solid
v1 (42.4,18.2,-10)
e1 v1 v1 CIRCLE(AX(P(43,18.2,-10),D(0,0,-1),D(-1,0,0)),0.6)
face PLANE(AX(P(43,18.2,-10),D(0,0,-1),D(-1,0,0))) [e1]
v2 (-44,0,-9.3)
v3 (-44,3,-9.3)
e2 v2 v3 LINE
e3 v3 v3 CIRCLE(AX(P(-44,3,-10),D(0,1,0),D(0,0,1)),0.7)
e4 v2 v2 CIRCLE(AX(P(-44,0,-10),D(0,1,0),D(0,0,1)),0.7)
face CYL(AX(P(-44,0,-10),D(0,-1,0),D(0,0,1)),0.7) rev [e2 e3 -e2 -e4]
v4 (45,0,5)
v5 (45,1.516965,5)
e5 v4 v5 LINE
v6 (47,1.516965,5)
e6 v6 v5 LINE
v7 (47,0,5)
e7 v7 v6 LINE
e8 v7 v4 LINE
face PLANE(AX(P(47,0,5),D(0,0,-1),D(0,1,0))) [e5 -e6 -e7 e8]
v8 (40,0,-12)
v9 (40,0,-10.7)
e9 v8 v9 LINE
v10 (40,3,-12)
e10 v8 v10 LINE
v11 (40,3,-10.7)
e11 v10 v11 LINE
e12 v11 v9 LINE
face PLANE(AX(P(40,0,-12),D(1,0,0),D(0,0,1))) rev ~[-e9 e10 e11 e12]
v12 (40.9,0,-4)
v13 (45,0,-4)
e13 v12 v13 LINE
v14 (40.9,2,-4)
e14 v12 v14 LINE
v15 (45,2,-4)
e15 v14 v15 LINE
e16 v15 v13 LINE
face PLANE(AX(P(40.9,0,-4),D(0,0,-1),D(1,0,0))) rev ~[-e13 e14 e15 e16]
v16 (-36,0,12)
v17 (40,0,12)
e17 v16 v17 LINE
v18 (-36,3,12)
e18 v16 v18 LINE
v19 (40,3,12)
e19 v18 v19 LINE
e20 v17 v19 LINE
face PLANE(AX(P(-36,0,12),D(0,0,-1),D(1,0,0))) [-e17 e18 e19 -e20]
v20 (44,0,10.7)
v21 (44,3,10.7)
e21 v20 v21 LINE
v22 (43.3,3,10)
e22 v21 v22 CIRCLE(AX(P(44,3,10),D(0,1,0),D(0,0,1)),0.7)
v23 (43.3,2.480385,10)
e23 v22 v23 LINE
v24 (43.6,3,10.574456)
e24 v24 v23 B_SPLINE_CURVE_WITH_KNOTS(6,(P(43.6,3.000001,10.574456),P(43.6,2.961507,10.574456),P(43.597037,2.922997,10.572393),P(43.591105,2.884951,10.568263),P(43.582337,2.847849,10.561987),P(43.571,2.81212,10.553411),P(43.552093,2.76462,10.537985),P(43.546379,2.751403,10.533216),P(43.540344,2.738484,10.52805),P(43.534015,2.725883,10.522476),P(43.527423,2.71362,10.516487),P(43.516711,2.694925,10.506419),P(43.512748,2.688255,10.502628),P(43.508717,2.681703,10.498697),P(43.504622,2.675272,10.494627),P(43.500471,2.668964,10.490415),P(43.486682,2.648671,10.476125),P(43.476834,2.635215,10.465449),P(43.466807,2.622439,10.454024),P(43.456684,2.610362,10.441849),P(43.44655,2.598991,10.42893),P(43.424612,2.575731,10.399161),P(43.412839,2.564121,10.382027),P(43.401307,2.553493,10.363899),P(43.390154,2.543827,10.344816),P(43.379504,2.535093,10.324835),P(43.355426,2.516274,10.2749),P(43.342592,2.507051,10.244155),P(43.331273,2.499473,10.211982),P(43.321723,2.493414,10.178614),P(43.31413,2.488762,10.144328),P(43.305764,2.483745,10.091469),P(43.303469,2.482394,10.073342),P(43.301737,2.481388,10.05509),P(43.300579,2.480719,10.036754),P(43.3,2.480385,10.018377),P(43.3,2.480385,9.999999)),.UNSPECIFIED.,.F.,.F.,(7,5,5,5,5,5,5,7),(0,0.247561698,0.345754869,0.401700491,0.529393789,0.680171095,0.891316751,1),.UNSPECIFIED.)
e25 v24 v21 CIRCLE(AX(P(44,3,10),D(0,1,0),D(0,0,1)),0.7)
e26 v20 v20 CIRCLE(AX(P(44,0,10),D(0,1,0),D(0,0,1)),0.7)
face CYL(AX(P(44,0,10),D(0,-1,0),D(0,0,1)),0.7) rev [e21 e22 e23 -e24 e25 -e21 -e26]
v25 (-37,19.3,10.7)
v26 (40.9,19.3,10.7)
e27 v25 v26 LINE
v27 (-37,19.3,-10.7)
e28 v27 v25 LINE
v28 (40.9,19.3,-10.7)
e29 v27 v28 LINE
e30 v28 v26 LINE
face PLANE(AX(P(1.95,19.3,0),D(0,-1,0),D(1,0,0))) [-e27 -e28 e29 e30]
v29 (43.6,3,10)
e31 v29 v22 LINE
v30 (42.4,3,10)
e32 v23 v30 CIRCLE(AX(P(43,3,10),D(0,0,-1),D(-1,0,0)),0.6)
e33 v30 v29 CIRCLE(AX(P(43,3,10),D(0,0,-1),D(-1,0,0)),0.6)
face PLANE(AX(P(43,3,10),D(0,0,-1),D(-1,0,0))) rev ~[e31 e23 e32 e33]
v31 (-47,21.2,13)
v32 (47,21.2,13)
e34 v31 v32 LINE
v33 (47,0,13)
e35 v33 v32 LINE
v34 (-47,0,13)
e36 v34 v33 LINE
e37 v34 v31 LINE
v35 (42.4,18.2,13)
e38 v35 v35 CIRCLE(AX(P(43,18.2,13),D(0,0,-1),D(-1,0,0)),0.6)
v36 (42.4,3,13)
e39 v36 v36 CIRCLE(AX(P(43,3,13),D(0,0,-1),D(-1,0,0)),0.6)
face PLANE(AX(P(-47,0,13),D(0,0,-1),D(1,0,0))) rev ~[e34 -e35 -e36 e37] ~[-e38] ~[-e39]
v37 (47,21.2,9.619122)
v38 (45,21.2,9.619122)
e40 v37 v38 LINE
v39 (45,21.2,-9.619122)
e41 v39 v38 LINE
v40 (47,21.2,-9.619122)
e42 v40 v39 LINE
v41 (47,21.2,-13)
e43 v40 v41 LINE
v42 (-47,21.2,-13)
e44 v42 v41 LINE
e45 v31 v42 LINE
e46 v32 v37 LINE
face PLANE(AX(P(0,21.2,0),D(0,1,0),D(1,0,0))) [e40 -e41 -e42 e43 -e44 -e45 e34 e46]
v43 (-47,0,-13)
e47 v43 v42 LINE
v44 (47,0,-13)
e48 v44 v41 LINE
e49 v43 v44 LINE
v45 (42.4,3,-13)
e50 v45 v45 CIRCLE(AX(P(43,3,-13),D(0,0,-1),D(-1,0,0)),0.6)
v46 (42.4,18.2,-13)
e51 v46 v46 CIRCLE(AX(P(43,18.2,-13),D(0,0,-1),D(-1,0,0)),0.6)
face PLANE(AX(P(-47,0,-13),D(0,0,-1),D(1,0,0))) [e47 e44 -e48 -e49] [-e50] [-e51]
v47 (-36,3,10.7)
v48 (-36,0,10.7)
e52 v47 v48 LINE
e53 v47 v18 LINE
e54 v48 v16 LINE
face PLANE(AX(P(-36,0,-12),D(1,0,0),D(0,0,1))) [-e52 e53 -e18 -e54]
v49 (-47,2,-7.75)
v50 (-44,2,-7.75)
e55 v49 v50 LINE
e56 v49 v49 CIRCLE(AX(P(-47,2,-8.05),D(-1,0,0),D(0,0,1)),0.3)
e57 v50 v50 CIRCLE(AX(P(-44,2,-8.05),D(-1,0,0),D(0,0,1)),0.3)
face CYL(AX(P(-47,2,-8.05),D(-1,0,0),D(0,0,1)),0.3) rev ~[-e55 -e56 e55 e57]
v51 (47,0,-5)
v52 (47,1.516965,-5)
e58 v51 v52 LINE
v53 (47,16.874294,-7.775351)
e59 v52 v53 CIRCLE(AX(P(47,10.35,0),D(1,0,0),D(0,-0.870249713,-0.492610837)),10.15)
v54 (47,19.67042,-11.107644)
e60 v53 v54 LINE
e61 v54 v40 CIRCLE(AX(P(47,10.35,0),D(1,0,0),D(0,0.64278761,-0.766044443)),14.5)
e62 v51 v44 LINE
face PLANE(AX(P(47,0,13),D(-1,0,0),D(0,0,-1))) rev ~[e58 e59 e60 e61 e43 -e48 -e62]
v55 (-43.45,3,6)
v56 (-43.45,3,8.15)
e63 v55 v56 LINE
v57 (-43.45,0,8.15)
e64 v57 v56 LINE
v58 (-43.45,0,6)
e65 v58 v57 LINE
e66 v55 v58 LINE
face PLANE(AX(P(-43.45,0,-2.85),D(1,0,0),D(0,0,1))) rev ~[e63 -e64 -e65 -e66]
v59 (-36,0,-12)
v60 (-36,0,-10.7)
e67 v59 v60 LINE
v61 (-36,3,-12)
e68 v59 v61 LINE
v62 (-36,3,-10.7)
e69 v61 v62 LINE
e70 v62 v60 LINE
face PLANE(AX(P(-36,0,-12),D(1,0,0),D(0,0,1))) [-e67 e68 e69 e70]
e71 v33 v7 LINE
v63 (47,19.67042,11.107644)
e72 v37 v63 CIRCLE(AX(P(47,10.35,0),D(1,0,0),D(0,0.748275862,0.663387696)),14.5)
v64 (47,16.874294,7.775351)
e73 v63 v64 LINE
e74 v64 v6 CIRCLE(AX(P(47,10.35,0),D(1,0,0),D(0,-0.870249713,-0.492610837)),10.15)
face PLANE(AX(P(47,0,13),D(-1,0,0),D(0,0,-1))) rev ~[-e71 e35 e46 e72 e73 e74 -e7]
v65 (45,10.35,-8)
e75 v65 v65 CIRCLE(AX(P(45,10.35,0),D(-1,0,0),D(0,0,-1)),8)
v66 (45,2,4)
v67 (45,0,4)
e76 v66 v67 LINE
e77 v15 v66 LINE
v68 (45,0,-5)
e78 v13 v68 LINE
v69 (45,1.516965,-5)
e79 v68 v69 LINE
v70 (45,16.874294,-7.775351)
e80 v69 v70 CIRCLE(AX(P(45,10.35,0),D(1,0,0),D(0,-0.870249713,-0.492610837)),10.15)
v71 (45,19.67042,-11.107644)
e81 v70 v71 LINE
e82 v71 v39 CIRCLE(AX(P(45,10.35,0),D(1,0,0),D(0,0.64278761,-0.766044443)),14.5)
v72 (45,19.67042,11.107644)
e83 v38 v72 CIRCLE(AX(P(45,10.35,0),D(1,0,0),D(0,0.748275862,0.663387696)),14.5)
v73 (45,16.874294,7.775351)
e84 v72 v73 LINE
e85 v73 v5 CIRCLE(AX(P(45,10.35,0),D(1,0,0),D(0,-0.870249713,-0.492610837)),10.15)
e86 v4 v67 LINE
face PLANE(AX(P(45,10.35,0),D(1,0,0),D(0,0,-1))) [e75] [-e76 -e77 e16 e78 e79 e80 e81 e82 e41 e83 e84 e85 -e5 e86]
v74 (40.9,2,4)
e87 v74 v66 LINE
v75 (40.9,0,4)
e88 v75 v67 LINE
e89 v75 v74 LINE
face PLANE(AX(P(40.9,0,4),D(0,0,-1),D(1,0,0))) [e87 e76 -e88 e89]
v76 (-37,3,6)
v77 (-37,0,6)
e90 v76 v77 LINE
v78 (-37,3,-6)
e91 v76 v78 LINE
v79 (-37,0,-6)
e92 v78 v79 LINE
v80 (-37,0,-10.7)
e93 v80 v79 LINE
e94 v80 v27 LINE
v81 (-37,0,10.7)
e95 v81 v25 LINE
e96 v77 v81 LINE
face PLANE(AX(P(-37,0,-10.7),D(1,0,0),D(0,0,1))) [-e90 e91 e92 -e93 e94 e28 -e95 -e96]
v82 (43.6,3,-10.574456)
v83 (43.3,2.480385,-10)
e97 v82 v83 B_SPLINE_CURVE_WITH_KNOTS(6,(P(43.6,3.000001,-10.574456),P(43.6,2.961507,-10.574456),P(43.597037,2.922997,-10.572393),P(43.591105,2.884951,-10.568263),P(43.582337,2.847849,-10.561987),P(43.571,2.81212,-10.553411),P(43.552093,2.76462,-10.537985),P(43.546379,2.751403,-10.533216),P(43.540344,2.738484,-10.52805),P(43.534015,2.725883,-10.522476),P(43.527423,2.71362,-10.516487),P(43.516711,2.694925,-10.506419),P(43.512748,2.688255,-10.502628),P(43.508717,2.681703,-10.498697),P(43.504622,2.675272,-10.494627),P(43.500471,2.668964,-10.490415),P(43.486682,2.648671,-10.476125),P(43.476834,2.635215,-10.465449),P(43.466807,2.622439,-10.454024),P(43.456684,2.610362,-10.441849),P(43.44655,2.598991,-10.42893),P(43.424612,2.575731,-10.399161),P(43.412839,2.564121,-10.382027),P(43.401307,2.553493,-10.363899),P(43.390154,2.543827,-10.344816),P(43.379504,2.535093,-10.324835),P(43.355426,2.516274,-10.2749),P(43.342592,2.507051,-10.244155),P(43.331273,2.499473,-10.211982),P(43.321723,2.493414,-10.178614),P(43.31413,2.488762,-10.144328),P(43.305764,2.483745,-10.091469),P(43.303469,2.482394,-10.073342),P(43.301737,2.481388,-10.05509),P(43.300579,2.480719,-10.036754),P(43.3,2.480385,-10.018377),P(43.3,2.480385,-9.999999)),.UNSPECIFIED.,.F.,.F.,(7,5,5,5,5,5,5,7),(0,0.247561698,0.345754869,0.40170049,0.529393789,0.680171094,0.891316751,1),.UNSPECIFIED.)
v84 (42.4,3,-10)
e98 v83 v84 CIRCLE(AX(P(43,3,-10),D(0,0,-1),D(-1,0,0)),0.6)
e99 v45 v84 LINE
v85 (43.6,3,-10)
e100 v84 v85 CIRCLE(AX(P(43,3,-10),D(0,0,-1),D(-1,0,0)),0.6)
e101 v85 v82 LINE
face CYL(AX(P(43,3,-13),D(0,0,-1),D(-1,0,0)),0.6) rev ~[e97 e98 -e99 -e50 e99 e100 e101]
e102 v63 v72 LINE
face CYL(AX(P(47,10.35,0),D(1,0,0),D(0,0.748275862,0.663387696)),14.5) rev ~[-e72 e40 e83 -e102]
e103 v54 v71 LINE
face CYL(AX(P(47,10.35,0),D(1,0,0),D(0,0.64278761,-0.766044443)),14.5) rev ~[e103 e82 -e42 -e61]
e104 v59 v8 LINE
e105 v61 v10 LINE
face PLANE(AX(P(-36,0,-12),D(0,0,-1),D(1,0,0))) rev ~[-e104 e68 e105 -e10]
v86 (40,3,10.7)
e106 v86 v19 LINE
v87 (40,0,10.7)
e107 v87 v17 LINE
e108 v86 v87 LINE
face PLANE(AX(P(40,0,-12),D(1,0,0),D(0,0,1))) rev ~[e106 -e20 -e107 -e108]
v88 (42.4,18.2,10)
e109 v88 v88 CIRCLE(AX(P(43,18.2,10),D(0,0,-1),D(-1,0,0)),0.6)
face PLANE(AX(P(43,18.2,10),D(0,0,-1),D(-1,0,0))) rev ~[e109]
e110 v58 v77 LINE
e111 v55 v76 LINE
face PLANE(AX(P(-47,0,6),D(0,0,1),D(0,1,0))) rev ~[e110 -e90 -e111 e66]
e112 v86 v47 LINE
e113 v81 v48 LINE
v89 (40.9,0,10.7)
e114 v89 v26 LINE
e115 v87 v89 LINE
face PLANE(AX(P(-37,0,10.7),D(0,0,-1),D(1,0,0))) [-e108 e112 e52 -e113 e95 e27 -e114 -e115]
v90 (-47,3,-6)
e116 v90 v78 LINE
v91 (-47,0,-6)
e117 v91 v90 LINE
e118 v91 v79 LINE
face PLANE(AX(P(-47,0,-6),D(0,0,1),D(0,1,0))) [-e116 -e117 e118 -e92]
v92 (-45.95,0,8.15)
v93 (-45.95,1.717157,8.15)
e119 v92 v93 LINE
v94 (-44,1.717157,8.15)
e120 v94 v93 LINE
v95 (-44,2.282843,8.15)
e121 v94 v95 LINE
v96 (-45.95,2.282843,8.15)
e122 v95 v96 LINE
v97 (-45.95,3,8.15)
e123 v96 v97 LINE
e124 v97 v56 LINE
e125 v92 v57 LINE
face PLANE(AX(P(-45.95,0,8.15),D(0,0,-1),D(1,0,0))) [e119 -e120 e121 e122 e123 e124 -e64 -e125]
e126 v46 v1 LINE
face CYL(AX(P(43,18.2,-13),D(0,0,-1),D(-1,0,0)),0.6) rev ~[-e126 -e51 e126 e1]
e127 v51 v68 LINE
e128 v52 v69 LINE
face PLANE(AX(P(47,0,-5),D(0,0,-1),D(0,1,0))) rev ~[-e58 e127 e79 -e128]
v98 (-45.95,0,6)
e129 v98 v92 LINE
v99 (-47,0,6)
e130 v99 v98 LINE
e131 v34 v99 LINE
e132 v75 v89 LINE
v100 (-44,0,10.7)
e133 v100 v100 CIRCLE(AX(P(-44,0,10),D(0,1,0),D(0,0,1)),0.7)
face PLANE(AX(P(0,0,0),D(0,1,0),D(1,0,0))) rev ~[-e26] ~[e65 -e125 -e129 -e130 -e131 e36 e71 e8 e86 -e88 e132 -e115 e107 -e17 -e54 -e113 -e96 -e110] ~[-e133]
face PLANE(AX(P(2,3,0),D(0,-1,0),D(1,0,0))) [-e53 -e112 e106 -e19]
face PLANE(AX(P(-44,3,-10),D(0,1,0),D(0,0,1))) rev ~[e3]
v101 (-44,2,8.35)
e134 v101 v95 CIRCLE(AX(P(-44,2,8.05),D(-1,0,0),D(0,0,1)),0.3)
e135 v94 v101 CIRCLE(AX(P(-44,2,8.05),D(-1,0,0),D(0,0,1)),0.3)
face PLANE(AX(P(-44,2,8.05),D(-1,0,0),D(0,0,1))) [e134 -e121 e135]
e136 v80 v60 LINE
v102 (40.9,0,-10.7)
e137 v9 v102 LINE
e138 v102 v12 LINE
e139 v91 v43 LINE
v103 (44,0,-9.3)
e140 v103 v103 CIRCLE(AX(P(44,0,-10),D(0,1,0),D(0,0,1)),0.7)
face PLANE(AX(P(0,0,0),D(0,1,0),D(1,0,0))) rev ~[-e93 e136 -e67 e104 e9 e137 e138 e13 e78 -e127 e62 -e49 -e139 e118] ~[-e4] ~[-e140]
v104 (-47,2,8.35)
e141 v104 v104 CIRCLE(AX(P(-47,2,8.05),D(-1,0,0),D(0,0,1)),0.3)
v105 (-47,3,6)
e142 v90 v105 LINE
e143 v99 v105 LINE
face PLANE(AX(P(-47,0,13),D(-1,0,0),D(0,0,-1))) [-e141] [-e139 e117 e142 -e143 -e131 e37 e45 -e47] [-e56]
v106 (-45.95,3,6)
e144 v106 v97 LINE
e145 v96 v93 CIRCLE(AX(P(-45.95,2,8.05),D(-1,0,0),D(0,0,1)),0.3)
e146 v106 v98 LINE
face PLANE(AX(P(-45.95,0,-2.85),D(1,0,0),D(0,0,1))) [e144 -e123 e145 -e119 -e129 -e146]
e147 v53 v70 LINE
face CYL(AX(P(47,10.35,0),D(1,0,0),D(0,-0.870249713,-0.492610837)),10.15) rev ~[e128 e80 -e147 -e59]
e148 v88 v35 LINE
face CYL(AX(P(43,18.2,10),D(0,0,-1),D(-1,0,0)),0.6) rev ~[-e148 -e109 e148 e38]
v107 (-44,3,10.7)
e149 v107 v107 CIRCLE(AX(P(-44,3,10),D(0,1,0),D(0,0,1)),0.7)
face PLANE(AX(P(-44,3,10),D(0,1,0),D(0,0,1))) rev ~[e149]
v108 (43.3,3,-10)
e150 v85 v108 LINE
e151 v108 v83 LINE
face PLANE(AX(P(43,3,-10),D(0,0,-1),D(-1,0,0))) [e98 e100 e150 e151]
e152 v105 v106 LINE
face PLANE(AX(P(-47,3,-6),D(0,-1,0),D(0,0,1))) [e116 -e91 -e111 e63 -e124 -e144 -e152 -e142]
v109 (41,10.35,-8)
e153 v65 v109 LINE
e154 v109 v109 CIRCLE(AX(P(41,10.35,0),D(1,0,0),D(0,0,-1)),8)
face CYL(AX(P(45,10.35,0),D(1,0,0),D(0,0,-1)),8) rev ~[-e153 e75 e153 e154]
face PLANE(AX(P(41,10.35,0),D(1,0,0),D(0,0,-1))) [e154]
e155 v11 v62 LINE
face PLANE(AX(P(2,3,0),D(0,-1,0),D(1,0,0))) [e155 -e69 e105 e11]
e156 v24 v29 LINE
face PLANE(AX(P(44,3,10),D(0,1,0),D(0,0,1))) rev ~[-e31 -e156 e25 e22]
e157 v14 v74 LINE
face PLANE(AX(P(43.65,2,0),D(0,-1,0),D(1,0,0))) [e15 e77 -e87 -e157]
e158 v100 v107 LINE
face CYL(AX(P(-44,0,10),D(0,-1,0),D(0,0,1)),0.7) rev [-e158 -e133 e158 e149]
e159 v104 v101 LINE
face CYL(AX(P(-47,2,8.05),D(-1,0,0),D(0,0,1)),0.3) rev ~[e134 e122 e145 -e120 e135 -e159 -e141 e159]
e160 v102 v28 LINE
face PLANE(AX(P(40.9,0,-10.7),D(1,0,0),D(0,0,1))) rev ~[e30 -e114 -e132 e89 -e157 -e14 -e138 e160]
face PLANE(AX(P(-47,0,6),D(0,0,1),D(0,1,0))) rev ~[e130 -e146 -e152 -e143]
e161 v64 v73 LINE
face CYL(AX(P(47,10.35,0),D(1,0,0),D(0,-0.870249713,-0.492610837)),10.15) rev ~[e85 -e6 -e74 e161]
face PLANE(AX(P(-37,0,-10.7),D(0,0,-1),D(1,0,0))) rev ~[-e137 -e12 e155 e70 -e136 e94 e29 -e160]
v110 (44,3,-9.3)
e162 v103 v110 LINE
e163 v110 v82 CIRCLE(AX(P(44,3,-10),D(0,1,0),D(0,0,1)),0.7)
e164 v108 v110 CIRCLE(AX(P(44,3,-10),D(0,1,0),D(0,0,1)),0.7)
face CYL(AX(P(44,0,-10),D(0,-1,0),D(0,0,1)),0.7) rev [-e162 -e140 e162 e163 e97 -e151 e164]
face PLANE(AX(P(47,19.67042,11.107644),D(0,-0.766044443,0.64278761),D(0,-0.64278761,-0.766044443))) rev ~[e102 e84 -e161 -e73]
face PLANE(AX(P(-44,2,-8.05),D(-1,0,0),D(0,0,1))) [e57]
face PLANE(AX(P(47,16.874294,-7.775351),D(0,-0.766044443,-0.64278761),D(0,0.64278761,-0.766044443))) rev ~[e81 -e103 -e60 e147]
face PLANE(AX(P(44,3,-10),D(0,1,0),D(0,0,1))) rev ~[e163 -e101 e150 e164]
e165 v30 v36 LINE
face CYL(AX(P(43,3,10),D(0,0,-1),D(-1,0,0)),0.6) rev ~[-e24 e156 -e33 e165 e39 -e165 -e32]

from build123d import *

# Parameters (mm, degrees)
SKETCH_1_W           = 94
SKETCH_1_H           = 26
EXTRUDE_1_DEPTH      = 21.2
SKETCH_1_7_R         = 0.7
CUT_EXTRUDE_1_DEPTH  = 3
SKETCH_2_W           = 77.9
SKETCH_2_H           = 21.4
CUT_EXTRUDE_2_DEPTH  = 19.3
SKETCH_5_W           = 5.5
SKETCH_5_H           = 8
CUT_EXTRUDE_3_DEPTH  = 2
SKETCH_6_W           = 76
SKETCH_6_H           = 24
CUT_EXTRUDE_4_DEPTH  = 3
SKETCH_7_R           = 10.15
SKETCH_7_W           = 10
SKETCH_7_H           = 1.516965414
CUT_EXTRUDE_5_DEPTH  = 2
SKETCH_8_R           = 8
CUT_EXTRUDE_6_DEPTH  = 4
CUT_EXTRUDE_12_DEPTH = 2
SKETCH_10_R          = 0.6
CUT_EXTRUDE_13_DEPTH = 3
CUT_EXTRUDE_START    = -23
SKETCH_10_3_R        = 0.6
CUT_EXTRUDE_14_DEPTH = 3
SKETCH_11_W          = 2.5
SKETCH_11_H          = 11
CUT_EXTRUDE_15_DEPTH = 3
SKETCH_12_R          = 0.3
CUT_EXTRUDE_16_DEPTH = 3
SKETCH_13_W          = 12
SKETCH_13_H          = 3
CUT_EXTRUDE_17_DEPTH = 11


with BuildPart() as part:
    # 草图1 → 凸台-拉伸1 (new body)
    with BuildSketch(Plane(origin=(0, 0, 0), x_dir=(1, 0, 0), z_dir=(0, 1, 0))):
        Rectangle(SKETCH_1_W, SKETCH_1_H)
    extrude(amount=EXTRUDE_1_DEPTH)

    # 草图1<7> → 切除-拉伸1 (cut)
    with BuildSketch(Plane(origin=(0, 0, 0), x_dir=(1, 0, 0), z_dir=(0, 1, 0))):
        with Locations(Location((-44, 10, 0), (0, 0, 270))):
            Circle(SKETCH_1_7_R)
        with Locations(Location((-44, -10, 0), (0, 0, 270))):
            Circle(SKETCH_1_7_R)
        with Locations(Location((44, 10, 0), (0, 0, 270))):
            Circle(SKETCH_1_7_R)
        with Locations(Location((44, -10, 0), (0, 0, 270))):
            Circle(SKETCH_1_7_R)
    extrude(amount=CUT_EXTRUDE_1_DEPTH, mode=Mode.SUBTRACT)

    # 草图2 → 切除-拉伸2 (cut)
    with BuildSketch(Plane.XZ):
        with Locations((1.95, 0)):
            Rectangle(SKETCH_2_W, SKETCH_2_H)
    extrude(amount=-CUT_EXTRUDE_2_DEPTH, mode=Mode.SUBTRACT)

    # 草图5 → 切除-拉伸3 (cut)
    with BuildSketch(Plane.XZ):
        with Locations((-39.75, 0)):
            Rectangle(SKETCH_5_W, SKETCH_5_H)
        with Locations((43.65, 0)):
            Rectangle(SKETCH_5_W, SKETCH_5_H)
    extrude(amount=-CUT_EXTRUDE_3_DEPTH, mode=Mode.SUBTRACT)

    # 草图6 → 切除-拉伸4 (cut)
    with BuildSketch(Plane.XZ):
        with Locations((2, 0)):
            Rectangle(SKETCH_6_W, SKETCH_6_H)
    extrude(amount=-CUT_EXTRUDE_4_DEPTH, mode=Mode.SUBTRACT)

    # 草图7 → 切除-拉伸5 (cut)
    with BuildSketch(Plane(origin=(47, 0, 0), x_dir=(0, 0, -1), z_dir=(1, 0, 0))):
        with Locations((0, 10.35)):
            Circle(SKETCH_7_R)
        with Locations((0, 0.758482707)):
            Rectangle(SKETCH_7_W, SKETCH_7_H)
    extrude(amount=-CUT_EXTRUDE_5_DEPTH, mode=Mode.SUBTRACT)

    # 草图8 → 切除-拉伸6 (cut)
    with BuildSketch(Plane(origin=(45, 0, 0), x_dir=(0, 0, -1), z_dir=(1, 0, 0))):
        with Locations((0, 10.35)):
            Circle(SKETCH_8_R)
    extrude(amount=-CUT_EXTRUDE_6_DEPTH, mode=Mode.SUBTRACT)

    # 草图9 → 切除-拉伸12 (cut)
    with BuildSketch(Plane(origin=(47, 0, 0), x_dir=(0, 0, -1), z_dir=(1, 0, 0))):
        with BuildLine():
            Line((-7.775351098, 16.874294238), (0, 10.35))
            Line((0, 10.35), (7.775351098, 16.874294238))
            ThreePointArc((7.775351098, 16.874294238), (0, 20.5), (-7.775351098, 16.874294238))
        make_face()
        with BuildLine():
            ThreePointArc((-7.775351098, 16.874294238), (0, 20.5), (7.775351098, 16.874294238))
            Line((7.775351098, 16.874294238), (11.107644425, 19.67042034))
            ThreePointArc((11.107644425, 19.67042034), (10.391564404, 20.462635128), (9.619121582, 21.2))
            Line((9.619121582, 21.2), (-9.619121582, 21.2))
            ThreePointArc((-9.619121582, 21.2), (-10.391564404, 20.462635128), (-11.107644425, 19.67042034))
            Line((-11.107644425, 19.67042034), (-7.775351098, 16.874294238))
        make_face()
    extrude(amount=-CUT_EXTRUDE_12_DEPTH, mode=Mode.SUBTRACT)

    # 草图10 → 切除-拉伸13 (cut)
    with BuildSketch(Plane(origin=(0, 0, -13), x_dir=(-1, 0, 0), z_dir=(0, 0, -1))):
        with Locations((-43, 18.2)):
            Circle(SKETCH_10_R)
        with Locations((-43, 3)):
            Circle(SKETCH_10_R)
    extrude(amount=-CUT_EXTRUDE_13_DEPTH, mode=Mode.SUBTRACT)

    # 草图10<3> → 切除-拉伸14 (cut)
    with BuildSketch(Plane(origin=(0, 0, -13), x_dir=(-1, 0, 0), z_dir=(0, 0, -1)).offset(CUT_EXTRUDE_START)):
        with Locations((-43, 18.2)):
            Circle(SKETCH_10_3_R)
        with Locations((-43, 3)):
            Circle(SKETCH_10_3_R)
    extrude(amount=-CUT_EXTRUDE_14_DEPTH, mode=Mode.SUBTRACT)

    # 草图11 → 切除-拉伸15 (cut)
    with BuildSketch(Plane.XZ):
        with Locations((-44.7, 2.65)):
            Rectangle(SKETCH_11_W, SKETCH_11_H)
    extrude(amount=-CUT_EXTRUDE_15_DEPTH, mode=Mode.SUBTRACT)

    # 草图12 → 切除-拉伸16 (cut)
    with BuildSketch(Plane.ZY.offset(47)):
        with Locations((-8.05, 2)):
            Circle(SKETCH_12_R)
        with Locations((8.05, 2)):
            Circle(SKETCH_12_R)
    extrude(amount=-CUT_EXTRUDE_16_DEPTH, mode=Mode.SUBTRACT)

    # 草图13 → 切除-拉伸17 (cut)
    with BuildSketch(Plane.ZY.offset(47)):
        with Locations((0, 1.5)):
            Rectangle(SKETCH_13_W, SKETCH_13_H)
    extrude(amount=-CUT_EXTRUDE_17_DEPTH, mode=Mode.SUBTRACT)


solid = part.part
